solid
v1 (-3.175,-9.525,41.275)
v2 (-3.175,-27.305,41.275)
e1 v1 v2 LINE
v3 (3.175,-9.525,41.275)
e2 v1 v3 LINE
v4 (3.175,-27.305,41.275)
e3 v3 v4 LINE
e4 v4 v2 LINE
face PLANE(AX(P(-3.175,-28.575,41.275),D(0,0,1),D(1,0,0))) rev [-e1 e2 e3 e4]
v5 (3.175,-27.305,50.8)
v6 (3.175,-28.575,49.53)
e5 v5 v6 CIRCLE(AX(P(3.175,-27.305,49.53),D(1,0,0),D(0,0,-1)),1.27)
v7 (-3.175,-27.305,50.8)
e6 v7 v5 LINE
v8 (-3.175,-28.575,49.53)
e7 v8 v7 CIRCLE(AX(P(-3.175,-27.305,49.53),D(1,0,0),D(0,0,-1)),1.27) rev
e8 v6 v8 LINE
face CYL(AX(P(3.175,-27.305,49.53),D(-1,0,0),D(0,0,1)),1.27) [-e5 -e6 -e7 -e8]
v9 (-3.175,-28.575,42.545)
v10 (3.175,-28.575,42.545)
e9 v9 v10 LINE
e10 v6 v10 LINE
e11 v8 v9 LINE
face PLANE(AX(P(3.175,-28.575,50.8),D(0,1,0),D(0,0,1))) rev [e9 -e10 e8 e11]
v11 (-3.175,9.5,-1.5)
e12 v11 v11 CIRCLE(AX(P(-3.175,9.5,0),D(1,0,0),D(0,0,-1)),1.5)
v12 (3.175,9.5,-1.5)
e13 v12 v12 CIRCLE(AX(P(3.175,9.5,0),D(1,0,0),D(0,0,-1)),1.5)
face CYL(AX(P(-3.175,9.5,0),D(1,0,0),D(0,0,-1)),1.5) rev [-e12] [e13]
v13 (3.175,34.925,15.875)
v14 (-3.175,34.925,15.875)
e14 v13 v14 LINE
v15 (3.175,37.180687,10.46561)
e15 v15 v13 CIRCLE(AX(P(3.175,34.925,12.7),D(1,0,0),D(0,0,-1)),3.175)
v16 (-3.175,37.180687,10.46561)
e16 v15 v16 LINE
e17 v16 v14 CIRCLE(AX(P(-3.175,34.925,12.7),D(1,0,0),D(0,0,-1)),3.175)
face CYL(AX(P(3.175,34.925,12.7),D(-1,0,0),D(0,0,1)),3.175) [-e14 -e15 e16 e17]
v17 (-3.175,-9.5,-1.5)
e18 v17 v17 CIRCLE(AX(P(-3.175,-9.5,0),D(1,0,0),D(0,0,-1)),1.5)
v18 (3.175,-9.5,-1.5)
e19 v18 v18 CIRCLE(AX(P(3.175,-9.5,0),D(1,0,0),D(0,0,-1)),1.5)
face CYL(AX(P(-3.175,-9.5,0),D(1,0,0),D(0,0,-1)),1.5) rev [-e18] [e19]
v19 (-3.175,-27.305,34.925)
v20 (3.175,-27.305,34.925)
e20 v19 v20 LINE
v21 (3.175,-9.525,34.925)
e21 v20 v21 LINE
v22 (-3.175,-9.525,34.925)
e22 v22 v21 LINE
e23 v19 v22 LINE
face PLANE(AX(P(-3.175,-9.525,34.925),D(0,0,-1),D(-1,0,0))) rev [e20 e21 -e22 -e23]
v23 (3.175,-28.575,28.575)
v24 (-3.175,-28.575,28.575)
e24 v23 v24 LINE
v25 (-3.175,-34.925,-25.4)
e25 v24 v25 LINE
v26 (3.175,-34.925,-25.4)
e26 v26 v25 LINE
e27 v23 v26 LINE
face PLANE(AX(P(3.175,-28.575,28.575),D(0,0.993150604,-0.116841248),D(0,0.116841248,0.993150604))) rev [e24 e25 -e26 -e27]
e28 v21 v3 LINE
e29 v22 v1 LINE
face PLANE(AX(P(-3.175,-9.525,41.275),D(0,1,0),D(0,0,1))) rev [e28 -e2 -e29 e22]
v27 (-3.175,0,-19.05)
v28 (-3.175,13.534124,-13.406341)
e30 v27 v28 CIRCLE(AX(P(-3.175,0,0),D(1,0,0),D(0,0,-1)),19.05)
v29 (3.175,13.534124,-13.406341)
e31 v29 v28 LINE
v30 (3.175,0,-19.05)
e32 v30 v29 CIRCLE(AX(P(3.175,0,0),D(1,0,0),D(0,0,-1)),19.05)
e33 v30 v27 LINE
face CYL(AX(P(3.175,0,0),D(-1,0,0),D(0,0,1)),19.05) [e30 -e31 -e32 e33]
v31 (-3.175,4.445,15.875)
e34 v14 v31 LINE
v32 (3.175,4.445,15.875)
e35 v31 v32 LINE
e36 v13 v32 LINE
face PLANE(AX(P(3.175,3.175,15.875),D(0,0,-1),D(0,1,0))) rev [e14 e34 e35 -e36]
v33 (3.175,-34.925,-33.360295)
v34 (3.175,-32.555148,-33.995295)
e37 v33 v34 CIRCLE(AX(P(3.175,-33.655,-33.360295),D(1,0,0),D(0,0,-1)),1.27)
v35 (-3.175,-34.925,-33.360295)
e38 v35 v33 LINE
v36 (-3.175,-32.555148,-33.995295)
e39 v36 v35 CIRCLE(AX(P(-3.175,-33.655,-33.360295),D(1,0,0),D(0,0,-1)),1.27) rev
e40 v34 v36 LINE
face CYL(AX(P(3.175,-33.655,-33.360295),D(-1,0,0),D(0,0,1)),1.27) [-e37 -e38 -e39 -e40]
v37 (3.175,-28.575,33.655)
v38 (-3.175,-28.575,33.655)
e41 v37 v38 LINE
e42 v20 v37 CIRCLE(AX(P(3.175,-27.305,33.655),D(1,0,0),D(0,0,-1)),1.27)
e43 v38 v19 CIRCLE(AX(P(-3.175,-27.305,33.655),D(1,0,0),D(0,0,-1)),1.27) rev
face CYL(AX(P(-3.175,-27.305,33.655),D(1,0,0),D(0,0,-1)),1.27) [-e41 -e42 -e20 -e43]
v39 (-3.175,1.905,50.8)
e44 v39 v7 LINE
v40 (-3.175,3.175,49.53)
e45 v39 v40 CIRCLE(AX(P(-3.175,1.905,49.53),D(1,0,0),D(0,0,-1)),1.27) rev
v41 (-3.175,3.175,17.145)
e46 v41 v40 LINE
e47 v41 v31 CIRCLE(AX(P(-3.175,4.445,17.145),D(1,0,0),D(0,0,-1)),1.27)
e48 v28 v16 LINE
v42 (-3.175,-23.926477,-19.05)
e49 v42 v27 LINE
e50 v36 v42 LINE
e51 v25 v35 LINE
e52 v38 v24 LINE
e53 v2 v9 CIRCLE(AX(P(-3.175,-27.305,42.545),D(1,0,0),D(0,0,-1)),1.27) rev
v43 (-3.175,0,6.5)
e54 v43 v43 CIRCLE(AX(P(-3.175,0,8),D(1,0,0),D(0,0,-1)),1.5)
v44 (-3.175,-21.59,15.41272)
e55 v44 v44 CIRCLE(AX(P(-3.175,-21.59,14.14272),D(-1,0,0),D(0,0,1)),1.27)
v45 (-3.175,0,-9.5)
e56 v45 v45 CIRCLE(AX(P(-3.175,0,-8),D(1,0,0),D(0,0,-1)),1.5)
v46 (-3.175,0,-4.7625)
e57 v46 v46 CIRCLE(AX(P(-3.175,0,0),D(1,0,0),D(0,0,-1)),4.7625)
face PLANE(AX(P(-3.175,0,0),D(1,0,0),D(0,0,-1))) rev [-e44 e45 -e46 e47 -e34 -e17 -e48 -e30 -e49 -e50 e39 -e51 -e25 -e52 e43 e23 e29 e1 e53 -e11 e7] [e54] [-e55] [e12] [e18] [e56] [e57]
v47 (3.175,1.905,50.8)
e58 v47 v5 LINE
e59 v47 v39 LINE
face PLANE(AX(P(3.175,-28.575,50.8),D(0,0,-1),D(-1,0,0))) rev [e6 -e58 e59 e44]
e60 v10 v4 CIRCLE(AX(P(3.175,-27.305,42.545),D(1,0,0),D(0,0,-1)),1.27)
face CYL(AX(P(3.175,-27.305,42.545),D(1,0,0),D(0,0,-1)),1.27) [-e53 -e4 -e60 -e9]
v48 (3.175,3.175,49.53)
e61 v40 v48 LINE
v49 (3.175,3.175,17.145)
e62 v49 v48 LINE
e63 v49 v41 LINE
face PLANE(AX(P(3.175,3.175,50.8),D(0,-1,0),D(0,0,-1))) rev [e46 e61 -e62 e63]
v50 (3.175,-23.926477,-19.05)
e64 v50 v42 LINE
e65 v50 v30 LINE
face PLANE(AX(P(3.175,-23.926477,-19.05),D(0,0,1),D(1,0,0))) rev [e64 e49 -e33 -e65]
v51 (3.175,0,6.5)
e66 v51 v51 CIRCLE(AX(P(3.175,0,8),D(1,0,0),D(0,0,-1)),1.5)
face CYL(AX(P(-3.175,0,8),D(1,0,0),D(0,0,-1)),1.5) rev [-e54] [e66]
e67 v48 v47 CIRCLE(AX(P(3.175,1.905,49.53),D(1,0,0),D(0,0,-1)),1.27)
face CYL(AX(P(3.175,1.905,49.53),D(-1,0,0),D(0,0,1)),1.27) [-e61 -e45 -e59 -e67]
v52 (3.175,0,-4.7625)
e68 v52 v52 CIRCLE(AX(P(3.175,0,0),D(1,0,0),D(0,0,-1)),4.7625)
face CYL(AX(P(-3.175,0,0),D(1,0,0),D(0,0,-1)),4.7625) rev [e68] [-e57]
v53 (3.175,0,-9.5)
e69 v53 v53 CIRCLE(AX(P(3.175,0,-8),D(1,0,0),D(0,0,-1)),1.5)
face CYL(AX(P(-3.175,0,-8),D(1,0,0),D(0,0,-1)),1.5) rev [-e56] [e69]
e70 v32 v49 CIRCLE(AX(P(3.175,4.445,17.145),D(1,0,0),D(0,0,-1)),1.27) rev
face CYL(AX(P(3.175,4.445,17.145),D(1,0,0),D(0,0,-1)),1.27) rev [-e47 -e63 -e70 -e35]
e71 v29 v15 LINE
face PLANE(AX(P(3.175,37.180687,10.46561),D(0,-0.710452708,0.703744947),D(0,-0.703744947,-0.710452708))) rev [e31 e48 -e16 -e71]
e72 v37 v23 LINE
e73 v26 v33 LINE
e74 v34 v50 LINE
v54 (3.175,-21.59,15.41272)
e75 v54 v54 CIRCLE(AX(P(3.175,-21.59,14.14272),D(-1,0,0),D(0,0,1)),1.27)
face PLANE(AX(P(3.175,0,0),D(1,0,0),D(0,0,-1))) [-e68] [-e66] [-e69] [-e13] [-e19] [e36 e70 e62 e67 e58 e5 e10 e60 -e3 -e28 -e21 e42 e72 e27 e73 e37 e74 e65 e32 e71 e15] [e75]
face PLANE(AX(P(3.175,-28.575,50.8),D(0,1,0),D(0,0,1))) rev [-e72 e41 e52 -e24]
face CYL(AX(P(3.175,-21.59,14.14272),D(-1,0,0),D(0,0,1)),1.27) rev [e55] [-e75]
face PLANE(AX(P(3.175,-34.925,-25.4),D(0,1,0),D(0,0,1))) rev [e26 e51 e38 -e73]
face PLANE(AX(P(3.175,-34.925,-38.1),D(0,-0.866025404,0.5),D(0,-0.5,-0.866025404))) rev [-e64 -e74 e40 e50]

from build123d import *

# Parameters (mm, degrees)
BOSS_EXTRUDE1_DEPTH     = 3.175
SKETCH15_W              = 6.35
SKETCH15_H              = 19.05
CUT_EXTRUDE4_DEPTH      = 4.175
CUT_EXTRUDE4_DEPTH_BACK = 4.175
SKETCH37_R              = 1.5
SKETCH37_R_2            = 4.7625
CUT_EXTRUDE15_DEPTH     = 7.35
SKETCH47_R              = 1.27
CUT_EXTRUDE18_DEPTH     = 7.35
FILLET14_R              = 1.27
FILLET15_R              = 1.27


with BuildPart() as part:
    # Sketch5 → Boss-Extrude1 (new body, symmetric)
    with BuildSketch(Plane(origin=(0, 0, 0), x_dir=(0, 0, -1), z_dir=(1, 0, 0))):
        with BuildLine():
            Line((19.05, -23.926477372), (19.05, 0))
            ThreePointArc((19.05, 0), (17.582566657, 7.331838088), (13.406341233, 13.534124085))
            Line((13.406341233, 13.534124085), (-10.465609794, 37.180687347))
            ThreePointArc((-10.465609794, 37.180687347), (-13.921973015, 37.855427776), (-15.875, 34.925))
            Line((-15.875, 34.925), (-15.875, 3.175))
            Line((-15.875, 3.175), (-50.8, 3.175))
            Line((-50.8, 3.175), (-50.8, -28.575))
            Line((-50.8, -28.575), (-28.575, -28.575))
            Line((-28.575, -28.575), (25.4, -34.925))
            Line((25.4, -34.925), (38.1, -34.925))
            Line((38.1, -34.925), (19.05, -23.926477372))
        make_face()
    extrude(amount=BOSS_EXTRUDE1_DEPTH, both=True)

    # Sketch15 → Cut-Extrude4 (cut, two sides)
    with BuildSketch(Plane(origin=(0, 0, 0), x_dir=(0, 0, -1), z_dir=(1, 0, 0))) as cut_extrude4_sk:
        with Locations((-38.1, -19.05)):
            Rectangle(SKETCH15_W, SKETCH15_H)
    extrude(amount=CUT_EXTRUDE4_DEPTH, mode=Mode.SUBTRACT)
    extrude(cut_extrude4_sk.sketch, amount=-CUT_EXTRUDE4_DEPTH_BACK, mode=Mode.SUBTRACT)

    # Sketch37 → Cut-Extrude15 (cut, through all)
    with BuildSketch(Plane(origin=(3.175, 0, 0), x_dir=(0, 0, -1), z_dir=(1, 0, 0))):
        with Locations((0, -9.5)):
            Circle(SKETCH37_R)
        with Locations((0, 9.5)):
            Circle(SKETCH37_R)
        with Locations((8, 0)):
            Circle(SKETCH37_R)
        with Locations((-8, 0)):
            Circle(SKETCH37_R)
        Circle(SKETCH37_R_2)
    extrude(amount=-CUT_EXTRUDE15_DEPTH, mode=Mode.SUBTRACT)

    # Sketch47 → Cut-Extrude18 (cut, through all)
    with BuildSketch(Plane.ZY.offset(3.175)):
        with Locations((14.14272, -21.59)):
            Circle(SKETCH47_R)
    extrude(amount=-CUT_EXTRUDE18_DEPTH, mode=Mode.SUBTRACT)

    # Fillet14
    fillet14_edges = [part.edges().sort_by_distance(p)[0] for p in [
        (0, -34.925, -38.1),
    ]]
    fillet(fillet14_edges, radius=FILLET14_R)

    # Fillet15
    fillet15_edges = [part.edges().sort_by_distance(p)[0] for p in [
        (0, -28.575, 50.8),
        (0, 3.175, 50.8),
        (0, 3.175, 15.875),
        (0, -28.575, 34.925),
        (0, -28.575, 41.275),
    ]]
    fillet(fillet15_edges, radius=FILLET15_R)


solid = part.part
